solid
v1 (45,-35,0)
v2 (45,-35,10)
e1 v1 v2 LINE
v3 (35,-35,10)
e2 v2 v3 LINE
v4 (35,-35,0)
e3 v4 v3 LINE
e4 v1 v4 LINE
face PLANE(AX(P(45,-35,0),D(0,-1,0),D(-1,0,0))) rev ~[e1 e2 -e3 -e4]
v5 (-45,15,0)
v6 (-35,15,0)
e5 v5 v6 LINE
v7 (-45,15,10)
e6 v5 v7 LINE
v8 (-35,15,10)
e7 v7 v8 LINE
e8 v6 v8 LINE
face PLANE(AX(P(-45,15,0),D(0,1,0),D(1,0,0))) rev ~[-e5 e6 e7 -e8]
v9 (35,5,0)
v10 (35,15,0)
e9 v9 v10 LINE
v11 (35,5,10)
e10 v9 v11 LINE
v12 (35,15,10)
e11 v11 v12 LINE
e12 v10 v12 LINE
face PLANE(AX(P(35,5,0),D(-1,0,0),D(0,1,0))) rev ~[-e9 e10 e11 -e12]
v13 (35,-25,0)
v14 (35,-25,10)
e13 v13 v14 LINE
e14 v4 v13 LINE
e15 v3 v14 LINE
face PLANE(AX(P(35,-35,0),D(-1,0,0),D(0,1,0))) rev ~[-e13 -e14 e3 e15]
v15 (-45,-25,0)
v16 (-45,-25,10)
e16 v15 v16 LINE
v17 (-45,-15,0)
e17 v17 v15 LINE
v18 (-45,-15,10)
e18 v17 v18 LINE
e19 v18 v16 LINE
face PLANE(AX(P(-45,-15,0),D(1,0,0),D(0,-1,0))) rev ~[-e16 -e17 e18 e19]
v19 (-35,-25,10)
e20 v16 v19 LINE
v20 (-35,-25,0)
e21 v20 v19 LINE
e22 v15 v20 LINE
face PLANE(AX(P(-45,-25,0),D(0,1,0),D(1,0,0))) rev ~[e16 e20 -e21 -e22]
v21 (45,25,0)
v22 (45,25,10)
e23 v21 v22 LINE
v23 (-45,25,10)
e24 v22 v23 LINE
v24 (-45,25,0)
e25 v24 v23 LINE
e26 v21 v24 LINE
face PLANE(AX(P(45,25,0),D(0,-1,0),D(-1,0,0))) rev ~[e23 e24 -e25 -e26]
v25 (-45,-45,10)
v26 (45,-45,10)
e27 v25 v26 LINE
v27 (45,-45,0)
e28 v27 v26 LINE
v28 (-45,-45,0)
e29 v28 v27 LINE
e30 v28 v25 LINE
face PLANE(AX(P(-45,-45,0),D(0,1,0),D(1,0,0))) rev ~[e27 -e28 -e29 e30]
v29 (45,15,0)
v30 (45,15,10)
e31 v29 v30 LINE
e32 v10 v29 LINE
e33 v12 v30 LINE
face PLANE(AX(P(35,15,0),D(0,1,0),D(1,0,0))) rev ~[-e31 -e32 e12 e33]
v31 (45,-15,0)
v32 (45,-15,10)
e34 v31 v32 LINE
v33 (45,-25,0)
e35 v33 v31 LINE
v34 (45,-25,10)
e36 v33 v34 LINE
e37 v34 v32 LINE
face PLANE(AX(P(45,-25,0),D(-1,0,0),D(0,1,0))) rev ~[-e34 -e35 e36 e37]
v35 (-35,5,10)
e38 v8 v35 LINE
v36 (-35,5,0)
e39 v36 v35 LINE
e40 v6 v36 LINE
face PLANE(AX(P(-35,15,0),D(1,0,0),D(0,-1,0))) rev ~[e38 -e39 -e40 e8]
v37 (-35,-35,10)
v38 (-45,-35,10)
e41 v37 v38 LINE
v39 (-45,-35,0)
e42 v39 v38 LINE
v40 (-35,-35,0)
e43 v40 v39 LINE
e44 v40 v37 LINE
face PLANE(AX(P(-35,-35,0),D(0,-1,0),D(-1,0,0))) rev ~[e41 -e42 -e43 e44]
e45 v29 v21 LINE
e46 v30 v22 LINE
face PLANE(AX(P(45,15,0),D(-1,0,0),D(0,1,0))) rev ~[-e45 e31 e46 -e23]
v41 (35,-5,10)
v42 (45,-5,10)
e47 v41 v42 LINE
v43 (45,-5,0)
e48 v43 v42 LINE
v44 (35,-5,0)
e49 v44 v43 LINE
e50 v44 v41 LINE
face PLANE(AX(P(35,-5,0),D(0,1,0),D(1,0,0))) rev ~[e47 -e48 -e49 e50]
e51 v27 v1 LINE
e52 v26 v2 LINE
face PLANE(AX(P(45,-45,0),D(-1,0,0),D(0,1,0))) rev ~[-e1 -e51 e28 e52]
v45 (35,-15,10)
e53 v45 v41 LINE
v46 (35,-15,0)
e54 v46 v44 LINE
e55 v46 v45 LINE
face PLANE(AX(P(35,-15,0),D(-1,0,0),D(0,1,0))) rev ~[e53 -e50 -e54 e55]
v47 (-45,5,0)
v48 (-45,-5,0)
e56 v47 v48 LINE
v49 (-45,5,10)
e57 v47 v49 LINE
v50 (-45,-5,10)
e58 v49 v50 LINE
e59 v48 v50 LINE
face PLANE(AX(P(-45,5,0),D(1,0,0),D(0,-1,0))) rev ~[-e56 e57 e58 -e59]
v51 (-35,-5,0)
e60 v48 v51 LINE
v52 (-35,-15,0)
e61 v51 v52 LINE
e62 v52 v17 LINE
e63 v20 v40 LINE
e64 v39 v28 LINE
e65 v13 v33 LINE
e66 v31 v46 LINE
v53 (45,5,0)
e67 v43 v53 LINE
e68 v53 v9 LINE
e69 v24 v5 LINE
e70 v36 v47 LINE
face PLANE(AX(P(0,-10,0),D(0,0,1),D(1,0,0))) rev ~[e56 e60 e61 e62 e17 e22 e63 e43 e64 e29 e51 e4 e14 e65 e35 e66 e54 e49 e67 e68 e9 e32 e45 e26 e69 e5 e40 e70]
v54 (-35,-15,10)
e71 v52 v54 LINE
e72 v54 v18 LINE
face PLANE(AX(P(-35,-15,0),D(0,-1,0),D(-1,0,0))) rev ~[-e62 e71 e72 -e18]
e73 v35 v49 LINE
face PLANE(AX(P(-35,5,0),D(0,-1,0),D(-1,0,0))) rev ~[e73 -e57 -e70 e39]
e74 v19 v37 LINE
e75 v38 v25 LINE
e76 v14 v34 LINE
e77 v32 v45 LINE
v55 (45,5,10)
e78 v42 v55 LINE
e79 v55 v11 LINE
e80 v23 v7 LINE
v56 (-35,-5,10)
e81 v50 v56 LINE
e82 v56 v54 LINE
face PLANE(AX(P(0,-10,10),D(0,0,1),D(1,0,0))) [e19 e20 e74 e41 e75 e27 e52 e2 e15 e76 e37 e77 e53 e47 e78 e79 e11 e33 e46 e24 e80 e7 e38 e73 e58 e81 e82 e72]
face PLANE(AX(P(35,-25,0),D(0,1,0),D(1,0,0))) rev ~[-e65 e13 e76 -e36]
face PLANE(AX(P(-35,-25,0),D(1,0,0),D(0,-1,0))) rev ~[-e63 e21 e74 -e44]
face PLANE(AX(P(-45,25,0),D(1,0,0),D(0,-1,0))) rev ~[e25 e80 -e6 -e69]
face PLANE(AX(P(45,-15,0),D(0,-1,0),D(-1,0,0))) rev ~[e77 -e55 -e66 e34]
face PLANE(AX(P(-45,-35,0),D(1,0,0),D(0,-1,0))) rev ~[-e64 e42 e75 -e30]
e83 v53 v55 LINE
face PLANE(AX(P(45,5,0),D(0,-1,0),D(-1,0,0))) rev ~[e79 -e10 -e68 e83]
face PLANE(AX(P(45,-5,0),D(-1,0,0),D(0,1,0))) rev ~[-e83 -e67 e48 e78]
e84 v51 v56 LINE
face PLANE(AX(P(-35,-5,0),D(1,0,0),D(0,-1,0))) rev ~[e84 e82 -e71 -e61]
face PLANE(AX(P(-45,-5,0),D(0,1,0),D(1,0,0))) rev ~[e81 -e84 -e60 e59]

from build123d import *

# Parameters (mm, degrees)
F1_DEPTH = 10


with BuildPart() as f1:
    # F0 (on Top) → F1 (new body)
    with BuildSketch(Plane.XY):
        Polygon((0, -45), (45, -45), (45, -35), (35, -35), (35, -25), (45, -25), (45, -15), (35, -15), (35, -5), (45, -5), (45, 5), (35, 5), (35, 15), (45, 15), (45, 25), (35, 25), (-35, 25), (-45, 25), (-45, 15), (-35, 15), (-35, 5), (-45, 5), (-45, -5), (-35, -5), (-35, -15), (-45, -15), (-45, -25), (-35, -25), (-35, -35), (-45, -35), (-45, -45), align=None)
    extrude(amount=F1_DEPTH)


solid = f1.part
